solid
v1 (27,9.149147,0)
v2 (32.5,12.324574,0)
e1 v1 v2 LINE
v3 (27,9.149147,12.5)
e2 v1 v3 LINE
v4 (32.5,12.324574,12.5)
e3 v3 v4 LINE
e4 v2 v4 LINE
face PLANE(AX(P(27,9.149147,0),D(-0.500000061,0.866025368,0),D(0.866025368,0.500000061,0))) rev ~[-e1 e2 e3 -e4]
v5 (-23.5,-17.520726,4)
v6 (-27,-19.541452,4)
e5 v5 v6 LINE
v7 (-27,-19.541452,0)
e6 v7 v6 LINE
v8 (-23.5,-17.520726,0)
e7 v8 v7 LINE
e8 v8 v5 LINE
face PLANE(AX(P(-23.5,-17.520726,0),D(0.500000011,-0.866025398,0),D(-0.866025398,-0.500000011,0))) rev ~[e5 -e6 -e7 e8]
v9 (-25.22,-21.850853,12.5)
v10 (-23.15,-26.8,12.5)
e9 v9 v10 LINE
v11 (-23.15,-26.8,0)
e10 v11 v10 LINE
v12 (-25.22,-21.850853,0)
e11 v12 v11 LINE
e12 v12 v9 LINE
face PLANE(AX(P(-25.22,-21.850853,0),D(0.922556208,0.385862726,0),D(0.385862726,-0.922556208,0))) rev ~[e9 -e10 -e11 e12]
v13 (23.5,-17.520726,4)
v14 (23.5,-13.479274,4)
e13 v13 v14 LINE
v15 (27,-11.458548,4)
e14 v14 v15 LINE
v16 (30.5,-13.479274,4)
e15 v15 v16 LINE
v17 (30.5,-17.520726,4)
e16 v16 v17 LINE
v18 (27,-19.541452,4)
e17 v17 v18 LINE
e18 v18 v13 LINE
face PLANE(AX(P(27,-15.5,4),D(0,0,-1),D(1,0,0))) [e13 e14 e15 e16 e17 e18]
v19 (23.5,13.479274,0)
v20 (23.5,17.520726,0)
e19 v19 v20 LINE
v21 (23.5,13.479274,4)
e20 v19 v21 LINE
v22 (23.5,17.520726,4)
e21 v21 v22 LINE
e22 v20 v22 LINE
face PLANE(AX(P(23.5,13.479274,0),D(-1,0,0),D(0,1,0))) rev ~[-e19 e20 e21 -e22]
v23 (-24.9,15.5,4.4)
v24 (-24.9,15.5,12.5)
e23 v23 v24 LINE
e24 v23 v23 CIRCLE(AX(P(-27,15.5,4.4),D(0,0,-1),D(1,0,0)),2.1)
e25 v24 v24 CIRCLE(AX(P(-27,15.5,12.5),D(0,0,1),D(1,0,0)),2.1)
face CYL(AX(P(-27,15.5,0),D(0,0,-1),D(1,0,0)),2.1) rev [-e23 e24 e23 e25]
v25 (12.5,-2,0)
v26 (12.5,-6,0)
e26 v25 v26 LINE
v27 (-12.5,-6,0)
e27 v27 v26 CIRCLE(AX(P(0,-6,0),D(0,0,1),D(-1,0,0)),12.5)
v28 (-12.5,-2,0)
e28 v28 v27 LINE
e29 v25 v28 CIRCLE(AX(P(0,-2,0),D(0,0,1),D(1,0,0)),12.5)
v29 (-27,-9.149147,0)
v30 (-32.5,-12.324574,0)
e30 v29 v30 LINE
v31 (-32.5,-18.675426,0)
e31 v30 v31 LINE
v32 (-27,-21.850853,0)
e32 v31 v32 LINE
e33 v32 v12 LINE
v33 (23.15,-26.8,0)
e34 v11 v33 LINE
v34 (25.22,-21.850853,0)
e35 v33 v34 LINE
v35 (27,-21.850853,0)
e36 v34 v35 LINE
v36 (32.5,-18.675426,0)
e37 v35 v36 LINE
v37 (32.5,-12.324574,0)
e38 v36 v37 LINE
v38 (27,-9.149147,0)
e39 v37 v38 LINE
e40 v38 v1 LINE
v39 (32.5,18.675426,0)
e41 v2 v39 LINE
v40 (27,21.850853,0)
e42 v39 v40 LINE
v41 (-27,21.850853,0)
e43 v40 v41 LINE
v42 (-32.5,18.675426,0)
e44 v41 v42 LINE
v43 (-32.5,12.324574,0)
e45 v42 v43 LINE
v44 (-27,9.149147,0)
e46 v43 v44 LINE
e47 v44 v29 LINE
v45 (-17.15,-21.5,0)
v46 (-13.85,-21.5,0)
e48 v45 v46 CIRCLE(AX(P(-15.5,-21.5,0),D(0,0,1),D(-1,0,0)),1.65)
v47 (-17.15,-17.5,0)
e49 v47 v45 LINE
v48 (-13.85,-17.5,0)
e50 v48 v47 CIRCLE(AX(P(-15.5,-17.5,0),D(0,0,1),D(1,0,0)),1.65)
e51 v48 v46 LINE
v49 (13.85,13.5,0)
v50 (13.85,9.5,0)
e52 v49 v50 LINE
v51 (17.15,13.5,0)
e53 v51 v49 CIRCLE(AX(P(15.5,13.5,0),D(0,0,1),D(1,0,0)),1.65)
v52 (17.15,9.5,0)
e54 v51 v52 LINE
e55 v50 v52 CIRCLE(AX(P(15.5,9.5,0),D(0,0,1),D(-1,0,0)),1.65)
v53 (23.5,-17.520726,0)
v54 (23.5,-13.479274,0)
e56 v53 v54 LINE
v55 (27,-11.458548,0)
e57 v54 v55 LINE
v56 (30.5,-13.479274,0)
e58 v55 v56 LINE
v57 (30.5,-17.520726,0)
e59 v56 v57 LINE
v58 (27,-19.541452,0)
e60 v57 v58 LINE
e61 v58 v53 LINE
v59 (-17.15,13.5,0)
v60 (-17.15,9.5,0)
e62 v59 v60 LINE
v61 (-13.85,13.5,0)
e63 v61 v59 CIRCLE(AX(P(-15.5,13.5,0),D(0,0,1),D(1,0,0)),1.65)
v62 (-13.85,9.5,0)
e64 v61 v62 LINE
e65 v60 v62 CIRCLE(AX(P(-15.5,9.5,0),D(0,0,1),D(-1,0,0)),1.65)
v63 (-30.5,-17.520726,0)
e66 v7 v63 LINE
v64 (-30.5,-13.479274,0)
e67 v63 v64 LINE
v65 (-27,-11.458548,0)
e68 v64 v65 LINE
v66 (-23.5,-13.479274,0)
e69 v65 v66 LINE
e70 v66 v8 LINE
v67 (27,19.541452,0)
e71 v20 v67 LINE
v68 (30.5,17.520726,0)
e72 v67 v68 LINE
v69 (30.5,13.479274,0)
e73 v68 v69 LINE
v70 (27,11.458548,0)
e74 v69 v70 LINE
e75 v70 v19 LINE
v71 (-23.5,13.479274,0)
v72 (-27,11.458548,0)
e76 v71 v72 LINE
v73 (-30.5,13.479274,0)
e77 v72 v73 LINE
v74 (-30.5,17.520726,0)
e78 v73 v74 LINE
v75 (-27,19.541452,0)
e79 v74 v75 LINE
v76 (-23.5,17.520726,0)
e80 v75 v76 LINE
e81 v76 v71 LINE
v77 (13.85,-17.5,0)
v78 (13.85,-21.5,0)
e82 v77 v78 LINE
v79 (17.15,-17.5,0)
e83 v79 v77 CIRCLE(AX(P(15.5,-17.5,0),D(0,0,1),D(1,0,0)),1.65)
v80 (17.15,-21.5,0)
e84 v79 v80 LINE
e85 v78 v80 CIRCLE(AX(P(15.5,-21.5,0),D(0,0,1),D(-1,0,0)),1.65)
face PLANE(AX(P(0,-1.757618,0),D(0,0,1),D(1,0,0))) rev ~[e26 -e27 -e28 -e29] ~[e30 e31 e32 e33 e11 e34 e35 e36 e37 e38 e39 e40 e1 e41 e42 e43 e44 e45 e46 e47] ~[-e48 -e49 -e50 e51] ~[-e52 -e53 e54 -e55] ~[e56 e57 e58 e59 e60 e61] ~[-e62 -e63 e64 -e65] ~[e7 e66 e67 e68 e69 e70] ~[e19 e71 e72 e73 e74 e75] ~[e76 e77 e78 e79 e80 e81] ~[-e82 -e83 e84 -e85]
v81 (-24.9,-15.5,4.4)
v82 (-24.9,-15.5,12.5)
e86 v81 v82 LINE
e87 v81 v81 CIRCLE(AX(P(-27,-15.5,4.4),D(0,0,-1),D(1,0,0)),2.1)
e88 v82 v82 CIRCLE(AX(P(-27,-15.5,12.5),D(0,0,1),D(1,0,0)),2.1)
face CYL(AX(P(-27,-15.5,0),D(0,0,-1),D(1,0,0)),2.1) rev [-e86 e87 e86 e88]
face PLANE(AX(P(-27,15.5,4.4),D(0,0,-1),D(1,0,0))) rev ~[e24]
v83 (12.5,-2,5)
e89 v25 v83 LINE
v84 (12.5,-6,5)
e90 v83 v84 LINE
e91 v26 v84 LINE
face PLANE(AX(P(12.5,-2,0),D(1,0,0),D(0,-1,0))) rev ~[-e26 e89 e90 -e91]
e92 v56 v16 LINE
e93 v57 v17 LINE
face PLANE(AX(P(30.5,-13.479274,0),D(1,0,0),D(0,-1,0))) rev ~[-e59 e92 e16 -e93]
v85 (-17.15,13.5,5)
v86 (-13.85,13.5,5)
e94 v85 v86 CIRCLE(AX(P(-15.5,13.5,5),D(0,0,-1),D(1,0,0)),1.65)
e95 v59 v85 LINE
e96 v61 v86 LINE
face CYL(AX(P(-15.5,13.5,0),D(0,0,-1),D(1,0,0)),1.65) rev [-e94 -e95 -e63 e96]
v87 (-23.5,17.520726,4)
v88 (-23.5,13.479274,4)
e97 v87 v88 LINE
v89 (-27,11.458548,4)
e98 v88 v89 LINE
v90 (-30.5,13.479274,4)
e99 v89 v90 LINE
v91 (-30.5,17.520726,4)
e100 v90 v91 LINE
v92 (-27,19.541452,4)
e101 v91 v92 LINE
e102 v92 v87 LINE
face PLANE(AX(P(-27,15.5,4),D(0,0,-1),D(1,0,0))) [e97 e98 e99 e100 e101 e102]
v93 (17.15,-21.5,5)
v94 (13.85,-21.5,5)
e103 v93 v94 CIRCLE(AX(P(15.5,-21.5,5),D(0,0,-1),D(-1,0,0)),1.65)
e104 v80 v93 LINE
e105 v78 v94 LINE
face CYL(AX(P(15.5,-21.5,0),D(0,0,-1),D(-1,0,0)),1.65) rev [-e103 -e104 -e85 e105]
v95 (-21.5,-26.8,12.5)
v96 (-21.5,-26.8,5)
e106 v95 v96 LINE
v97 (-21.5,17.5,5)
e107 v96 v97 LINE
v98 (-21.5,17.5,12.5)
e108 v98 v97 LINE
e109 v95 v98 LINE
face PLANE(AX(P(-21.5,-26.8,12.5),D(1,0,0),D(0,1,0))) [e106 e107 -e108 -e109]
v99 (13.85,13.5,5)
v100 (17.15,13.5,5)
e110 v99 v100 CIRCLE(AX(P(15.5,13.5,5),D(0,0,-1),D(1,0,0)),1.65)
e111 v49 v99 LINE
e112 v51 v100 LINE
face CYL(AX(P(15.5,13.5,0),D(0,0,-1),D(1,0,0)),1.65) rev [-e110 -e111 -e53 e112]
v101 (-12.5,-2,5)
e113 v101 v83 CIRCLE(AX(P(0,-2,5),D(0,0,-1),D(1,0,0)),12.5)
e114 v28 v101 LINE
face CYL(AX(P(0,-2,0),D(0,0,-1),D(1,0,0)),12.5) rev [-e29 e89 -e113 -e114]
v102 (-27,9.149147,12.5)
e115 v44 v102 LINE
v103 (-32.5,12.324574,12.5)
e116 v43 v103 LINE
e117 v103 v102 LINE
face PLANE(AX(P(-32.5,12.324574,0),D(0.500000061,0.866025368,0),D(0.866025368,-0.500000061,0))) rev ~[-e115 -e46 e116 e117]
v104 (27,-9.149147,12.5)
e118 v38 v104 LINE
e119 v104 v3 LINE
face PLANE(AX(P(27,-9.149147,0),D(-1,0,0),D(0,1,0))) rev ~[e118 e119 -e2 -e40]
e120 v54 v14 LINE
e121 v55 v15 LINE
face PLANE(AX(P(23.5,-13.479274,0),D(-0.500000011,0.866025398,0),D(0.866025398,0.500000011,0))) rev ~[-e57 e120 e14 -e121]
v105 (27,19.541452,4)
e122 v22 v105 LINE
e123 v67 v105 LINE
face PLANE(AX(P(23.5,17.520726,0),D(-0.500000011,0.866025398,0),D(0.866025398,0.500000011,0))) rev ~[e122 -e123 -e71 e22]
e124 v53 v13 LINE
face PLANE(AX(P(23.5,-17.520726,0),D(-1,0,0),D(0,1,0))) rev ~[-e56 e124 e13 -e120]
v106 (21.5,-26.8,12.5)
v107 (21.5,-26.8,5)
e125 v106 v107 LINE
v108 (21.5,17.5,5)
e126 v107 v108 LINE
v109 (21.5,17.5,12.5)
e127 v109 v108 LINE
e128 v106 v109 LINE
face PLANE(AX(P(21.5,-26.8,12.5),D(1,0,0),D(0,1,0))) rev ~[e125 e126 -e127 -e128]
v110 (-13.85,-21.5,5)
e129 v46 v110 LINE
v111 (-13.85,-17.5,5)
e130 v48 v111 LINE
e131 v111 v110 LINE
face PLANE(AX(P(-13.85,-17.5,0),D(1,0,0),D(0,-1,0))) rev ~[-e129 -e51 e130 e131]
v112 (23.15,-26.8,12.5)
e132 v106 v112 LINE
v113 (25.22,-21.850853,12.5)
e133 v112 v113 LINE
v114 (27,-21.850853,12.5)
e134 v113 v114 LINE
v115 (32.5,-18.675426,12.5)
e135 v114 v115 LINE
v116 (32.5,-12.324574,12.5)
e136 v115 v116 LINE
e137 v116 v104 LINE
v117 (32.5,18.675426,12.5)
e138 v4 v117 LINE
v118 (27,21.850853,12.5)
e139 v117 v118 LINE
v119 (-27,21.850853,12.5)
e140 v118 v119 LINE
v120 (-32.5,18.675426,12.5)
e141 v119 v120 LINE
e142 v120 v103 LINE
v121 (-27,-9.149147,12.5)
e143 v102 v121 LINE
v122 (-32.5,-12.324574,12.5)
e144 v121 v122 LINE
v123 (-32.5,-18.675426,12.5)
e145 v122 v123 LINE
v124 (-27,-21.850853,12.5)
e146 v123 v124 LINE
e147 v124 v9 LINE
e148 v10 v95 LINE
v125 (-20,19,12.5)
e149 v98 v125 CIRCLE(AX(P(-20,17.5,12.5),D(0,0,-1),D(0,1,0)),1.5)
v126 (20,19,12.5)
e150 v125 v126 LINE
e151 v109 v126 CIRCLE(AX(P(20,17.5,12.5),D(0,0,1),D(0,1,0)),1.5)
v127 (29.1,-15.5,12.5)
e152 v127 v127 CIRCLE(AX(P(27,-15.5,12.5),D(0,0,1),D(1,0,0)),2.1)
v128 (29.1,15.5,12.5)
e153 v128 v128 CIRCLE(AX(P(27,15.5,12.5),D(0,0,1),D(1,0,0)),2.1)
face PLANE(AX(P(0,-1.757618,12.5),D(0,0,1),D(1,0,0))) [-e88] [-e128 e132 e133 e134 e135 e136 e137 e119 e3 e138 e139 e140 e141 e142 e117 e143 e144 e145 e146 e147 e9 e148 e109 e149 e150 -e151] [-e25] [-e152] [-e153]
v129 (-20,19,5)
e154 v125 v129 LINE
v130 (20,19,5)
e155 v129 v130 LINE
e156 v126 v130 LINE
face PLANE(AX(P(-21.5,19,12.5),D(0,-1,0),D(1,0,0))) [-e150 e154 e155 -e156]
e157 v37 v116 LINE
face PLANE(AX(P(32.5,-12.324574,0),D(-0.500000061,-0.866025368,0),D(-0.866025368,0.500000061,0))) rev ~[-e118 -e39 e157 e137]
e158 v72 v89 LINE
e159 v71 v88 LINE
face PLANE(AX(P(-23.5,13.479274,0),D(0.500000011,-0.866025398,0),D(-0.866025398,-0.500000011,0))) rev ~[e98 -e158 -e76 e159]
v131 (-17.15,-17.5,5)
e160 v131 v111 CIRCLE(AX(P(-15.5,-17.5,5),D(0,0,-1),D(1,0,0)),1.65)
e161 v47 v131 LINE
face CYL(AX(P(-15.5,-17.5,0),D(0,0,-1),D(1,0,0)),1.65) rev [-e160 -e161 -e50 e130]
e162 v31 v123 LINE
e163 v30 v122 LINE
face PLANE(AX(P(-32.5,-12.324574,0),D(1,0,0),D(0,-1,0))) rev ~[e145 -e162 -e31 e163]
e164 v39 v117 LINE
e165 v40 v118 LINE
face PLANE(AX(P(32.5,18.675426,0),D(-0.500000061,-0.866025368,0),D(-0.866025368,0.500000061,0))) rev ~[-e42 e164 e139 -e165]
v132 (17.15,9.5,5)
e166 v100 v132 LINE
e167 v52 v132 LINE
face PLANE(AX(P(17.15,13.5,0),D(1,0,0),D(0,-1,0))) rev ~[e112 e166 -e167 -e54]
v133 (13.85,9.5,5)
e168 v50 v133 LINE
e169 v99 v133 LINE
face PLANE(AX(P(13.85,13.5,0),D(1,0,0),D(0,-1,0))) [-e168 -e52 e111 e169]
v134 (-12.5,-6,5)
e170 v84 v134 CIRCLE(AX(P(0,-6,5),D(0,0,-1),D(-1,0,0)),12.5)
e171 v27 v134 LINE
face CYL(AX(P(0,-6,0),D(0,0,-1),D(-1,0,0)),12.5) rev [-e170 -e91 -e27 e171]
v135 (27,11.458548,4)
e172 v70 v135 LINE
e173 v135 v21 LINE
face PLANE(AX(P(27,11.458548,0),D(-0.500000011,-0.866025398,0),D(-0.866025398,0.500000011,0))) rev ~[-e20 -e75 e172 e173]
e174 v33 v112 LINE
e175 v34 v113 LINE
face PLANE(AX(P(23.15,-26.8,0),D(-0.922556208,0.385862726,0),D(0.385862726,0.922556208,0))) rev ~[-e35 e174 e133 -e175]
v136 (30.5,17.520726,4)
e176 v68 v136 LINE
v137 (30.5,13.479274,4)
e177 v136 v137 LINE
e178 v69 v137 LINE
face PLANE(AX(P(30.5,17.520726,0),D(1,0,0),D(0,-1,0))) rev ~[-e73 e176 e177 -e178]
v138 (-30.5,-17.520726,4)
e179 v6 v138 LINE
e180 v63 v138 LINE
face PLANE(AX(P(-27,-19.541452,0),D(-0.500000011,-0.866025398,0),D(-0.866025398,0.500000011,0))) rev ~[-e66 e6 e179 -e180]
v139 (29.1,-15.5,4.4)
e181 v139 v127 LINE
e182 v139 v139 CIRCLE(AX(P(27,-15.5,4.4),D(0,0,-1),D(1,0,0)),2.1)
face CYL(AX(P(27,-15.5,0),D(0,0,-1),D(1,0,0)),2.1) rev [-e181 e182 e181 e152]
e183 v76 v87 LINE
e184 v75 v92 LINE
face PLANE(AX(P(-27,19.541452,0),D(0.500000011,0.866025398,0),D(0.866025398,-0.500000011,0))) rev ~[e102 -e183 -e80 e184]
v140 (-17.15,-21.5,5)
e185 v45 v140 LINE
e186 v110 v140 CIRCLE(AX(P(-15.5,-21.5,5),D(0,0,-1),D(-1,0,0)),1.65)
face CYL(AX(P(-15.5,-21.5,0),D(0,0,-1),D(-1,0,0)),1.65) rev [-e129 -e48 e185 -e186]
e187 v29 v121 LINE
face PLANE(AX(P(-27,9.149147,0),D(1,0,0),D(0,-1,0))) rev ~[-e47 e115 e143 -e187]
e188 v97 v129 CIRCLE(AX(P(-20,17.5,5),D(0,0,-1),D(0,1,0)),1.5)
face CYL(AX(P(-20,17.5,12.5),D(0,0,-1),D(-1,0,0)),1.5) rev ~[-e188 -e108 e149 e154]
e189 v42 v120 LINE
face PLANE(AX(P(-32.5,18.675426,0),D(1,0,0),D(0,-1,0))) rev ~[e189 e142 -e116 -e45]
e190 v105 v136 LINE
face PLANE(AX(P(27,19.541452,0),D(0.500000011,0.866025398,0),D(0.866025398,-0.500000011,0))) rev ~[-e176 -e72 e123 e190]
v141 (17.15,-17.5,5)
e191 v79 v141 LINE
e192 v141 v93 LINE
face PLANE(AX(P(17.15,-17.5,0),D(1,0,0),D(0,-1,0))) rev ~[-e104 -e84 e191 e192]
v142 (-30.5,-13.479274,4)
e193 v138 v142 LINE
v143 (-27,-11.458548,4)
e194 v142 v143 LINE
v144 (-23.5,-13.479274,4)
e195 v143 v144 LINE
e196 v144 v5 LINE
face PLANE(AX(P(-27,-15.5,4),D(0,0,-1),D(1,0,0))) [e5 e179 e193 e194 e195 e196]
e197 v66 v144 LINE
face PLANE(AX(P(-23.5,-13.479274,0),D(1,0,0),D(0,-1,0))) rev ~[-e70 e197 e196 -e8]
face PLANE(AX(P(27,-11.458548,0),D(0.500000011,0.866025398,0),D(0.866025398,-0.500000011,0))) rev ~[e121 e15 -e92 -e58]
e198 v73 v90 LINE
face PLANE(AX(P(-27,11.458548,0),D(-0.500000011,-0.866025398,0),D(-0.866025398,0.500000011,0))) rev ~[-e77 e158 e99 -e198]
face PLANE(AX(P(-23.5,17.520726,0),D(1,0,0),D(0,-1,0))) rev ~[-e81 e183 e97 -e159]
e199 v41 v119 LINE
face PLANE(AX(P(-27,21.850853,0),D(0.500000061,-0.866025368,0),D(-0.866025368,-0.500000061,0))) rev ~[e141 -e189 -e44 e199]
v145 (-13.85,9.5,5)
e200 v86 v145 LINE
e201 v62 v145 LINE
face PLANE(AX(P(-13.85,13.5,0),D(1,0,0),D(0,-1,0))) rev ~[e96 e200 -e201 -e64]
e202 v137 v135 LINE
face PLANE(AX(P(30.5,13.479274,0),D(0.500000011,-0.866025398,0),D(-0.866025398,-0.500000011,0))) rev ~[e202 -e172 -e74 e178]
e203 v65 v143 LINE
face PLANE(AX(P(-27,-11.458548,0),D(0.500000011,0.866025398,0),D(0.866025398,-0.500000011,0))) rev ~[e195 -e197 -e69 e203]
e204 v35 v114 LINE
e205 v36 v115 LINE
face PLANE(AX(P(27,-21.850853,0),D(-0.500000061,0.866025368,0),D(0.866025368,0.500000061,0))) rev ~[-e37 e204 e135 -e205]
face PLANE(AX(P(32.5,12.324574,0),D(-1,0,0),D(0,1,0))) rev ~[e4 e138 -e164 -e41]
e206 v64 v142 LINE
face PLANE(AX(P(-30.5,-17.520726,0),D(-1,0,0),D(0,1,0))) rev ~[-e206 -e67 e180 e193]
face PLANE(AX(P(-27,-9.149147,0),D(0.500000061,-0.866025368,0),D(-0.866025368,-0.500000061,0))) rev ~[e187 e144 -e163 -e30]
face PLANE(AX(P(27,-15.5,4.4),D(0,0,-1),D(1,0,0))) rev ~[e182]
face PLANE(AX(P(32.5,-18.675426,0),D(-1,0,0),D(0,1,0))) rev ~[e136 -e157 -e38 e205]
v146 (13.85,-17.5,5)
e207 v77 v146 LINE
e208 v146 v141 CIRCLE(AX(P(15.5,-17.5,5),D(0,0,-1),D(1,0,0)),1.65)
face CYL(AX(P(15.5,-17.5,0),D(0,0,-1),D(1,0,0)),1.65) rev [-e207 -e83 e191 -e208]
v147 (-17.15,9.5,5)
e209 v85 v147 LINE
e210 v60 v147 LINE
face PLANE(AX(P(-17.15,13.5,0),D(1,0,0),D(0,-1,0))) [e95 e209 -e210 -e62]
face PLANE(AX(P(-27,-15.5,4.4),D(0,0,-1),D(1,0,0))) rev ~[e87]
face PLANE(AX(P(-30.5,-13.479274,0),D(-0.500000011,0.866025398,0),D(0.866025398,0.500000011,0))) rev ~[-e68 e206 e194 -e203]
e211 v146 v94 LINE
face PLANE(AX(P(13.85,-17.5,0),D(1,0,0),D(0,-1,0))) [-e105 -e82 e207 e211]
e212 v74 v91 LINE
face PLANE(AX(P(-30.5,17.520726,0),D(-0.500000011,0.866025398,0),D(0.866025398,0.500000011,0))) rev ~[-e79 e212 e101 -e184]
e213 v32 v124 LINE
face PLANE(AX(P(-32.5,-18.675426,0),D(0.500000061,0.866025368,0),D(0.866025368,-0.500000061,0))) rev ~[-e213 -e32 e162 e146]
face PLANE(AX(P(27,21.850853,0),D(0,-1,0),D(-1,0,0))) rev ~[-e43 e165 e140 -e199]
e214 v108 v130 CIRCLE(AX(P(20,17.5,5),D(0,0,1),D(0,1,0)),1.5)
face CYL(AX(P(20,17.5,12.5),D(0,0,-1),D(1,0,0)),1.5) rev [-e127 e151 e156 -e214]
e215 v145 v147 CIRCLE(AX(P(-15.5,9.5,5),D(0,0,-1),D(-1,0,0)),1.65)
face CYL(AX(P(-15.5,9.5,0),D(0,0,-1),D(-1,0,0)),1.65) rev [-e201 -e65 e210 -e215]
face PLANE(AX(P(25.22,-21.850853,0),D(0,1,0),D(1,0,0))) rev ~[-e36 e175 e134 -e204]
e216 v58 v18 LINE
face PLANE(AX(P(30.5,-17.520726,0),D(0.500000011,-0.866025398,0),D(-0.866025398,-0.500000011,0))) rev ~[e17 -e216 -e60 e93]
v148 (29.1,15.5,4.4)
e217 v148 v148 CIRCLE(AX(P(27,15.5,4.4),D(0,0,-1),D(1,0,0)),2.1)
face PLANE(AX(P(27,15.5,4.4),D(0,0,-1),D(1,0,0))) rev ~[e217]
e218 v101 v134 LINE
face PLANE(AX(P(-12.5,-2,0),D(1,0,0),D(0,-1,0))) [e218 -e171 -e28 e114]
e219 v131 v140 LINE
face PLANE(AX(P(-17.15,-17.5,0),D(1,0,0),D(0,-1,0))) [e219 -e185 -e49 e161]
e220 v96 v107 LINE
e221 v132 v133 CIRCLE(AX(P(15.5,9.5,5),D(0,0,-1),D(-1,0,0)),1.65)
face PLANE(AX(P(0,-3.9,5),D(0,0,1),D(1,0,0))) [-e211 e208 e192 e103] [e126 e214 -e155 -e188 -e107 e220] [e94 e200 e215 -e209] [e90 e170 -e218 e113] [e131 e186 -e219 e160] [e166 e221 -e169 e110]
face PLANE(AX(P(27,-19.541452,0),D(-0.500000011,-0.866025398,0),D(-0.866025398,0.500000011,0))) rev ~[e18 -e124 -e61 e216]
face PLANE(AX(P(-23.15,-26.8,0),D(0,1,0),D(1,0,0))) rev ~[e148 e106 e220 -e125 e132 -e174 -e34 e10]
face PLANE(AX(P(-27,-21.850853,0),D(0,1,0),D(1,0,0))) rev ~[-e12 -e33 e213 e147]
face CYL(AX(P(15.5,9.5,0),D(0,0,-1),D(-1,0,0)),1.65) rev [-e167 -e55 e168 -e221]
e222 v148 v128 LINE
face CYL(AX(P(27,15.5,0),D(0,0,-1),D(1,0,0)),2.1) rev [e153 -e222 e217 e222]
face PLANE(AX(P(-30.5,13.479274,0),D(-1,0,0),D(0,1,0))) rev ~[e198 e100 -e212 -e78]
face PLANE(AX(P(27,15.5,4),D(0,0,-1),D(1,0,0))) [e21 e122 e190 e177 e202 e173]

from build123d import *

# Parameters (mm, degrees)
SKETCH_R        = 2.1
PAD_DEPTH       = 12.5
SKETCH001_W     = 43
SKETCH001_H     = 45.8
POCKET_DEPTH    = 7.5
POCKET001_DEPTH = 4
FILLET_R        = 1.5
SKETCH003_R     = 2.1
PAD001_DEPTH    = 0.4


with BuildPart() as part:
    # Sketch → Pad (new body)
    with BuildSketch(Plane.XY):
        Polygon((-23.15, -26.8), (23.15, -26.8), (25.22, -21.850853), (27, -21.850853), (32.5, -18.675426), (32.5, -12.324574), (27, -9.149147), (27, 9.149147), (32.5, 12.324574), (32.5, 18.675426), (27, 21.850853), (-27, 21.850853), (-32.5, 18.675426), (-32.5, 12.324574), (-27, 9.149147), (-27, -9.149147), (-32.5, -12.324574), (-32.5, -18.675426), (-27, -21.850853), (-25.22, -21.850853), align=None)
        with Locations((-27, 15.5)):
            Circle(SKETCH_R, mode=Mode.SUBTRACT)
        with Locations((-27, -15.5)):
            Circle(SKETCH_R, mode=Mode.SUBTRACT)
        with Locations((27, 15.5)):
            Circle(SKETCH_R, mode=Mode.SUBTRACT)
        with Locations((27, -15.5)):
            Circle(SKETCH_R, mode=Mode.SUBTRACT)
        with BuildLine():
            ThreePointArc((12.5, -2), (0, 10.5), (-12.5, -2))
            Line((-12.5, -2), (-12.5, -6))
            ThreePointArc((-12.5, -6), (0, -18.5), (12.5, -6))
            Line((12.5, -2), (12.5, -6))
        make_face(mode=Mode.SUBTRACT)
        with BuildLine():
            ThreePointArc((-13.85, 13.5), (-15.5, 15.15), (-17.15, 13.5))
            Line((-17.15, 13.5), (-17.15, 9.5))
            ThreePointArc((-17.15, 9.5), (-15.5, 7.85), (-13.85, 9.5))
            Line((-13.85, 13.5), (-13.85, 9.5))
        make_face(mode=Mode.SUBTRACT)
        with BuildLine():
            ThreePointArc((17.15, 13.5), (15.5, 15.15), (13.85, 13.5))
            Line((13.85, 13.5), (13.85, 9.5))
            ThreePointArc((13.85, 9.5), (15.5, 7.85), (17.15, 9.5))
            Line((17.15, 13.5), (17.15, 9.5))
        make_face(mode=Mode.SUBTRACT)
        with BuildLine():
            ThreePointArc((-13.85, -17.5), (-15.5, -15.85), (-17.15, -17.5))
            Line((-17.15, -17.5), (-17.15, -21.5))
            ThreePointArc((-17.15, -21.5), (-15.5, -23.15), (-13.85, -21.5))
            Line((-13.85, -17.5), (-13.85, -21.5))
        make_face(mode=Mode.SUBTRACT)
        with BuildLine():
            ThreePointArc((17.15, -17.5), (15.5, -15.85), (13.85, -17.5))
            Line((13.85, -17.5), (13.85, -21.5))
            ThreePointArc((13.85, -21.5), (15.5, -23.15), (17.15, -21.5))
            Line((17.15, -17.5), (17.15, -21.5))
        make_face(mode=Mode.SUBTRACT)
    extrude(amount=PAD_DEPTH)

    # Sketch001 (on Face46 of Pad) → Pocket (cut)
    with BuildSketch(Plane.XY.offset(12.5)):
        with Locations((0, -3.9)):
            Rectangle(SKETCH001_W, SKETCH001_H)
    extrude(amount=-POCKET_DEPTH, mode=Mode.SUBTRACT)

    # Sketch002 (on Face4 of Pocket) → Pocket001 (cut)
    with BuildSketch(Plane(origin=(0, 0, 0), x_dir=(1, 0, 0), z_dir=(0, 0, -1))):
        Polygon((-23.5, 13.479274), (-23.5, 17.520726), (-27, 19.541452), (-30.5, 17.520726), (-30.5, 13.479274), (-27, 11.458548), align=None)
        Polygon((-23.5, -17.520726), (-23.5, -13.479274), (-27, -11.458548), (-30.5, -13.479274), (-30.5, -17.520726), (-27, -19.541452), align=None)
        Polygon((30.5, -17.520726), (30.5, -13.479274), (27, -11.458548), (23.5, -13.479274), (23.5, -17.520726), (27, -19.541452), align=None)
        Polygon((30.5, 13.479274), (30.5, 17.520726), (27, 19.541452), (23.5, 17.520726), (23.5, 13.479274), (27, 11.458548), align=None)
    extrude(amount=-POCKET001_DEPTH, mode=Mode.SUBTRACT)

    # Fillet
    fillet_edges = [part.edges().sort_by_distance(p)[0] for p in [
        (-21.5, 19, 8.75),
        (21.5, 19, 8.75),
    ]]
    fillet(fillet_edges, radius=FILLET_R)

    # Sketch003 (on Face33 of Fillet) → Pad001 (join)
    with BuildSketch(Plane(origin=(0, 0, 4), x_dir=(1, 0, 0), z_dir=(0, 0, -1))):
        with Locations((-27, 15.5)):
            Circle(SKETCH003_R)
        with Locations((27, 15.5)):
            Circle(SKETCH003_R)
        with Locations((-27, -15.5)):
            Circle(SKETCH003_R)
        with Locations((27, -15.5)):
            Circle(SKETCH003_R)
    extrude(amount=-PAD001_DEPTH)


solid = part.part
